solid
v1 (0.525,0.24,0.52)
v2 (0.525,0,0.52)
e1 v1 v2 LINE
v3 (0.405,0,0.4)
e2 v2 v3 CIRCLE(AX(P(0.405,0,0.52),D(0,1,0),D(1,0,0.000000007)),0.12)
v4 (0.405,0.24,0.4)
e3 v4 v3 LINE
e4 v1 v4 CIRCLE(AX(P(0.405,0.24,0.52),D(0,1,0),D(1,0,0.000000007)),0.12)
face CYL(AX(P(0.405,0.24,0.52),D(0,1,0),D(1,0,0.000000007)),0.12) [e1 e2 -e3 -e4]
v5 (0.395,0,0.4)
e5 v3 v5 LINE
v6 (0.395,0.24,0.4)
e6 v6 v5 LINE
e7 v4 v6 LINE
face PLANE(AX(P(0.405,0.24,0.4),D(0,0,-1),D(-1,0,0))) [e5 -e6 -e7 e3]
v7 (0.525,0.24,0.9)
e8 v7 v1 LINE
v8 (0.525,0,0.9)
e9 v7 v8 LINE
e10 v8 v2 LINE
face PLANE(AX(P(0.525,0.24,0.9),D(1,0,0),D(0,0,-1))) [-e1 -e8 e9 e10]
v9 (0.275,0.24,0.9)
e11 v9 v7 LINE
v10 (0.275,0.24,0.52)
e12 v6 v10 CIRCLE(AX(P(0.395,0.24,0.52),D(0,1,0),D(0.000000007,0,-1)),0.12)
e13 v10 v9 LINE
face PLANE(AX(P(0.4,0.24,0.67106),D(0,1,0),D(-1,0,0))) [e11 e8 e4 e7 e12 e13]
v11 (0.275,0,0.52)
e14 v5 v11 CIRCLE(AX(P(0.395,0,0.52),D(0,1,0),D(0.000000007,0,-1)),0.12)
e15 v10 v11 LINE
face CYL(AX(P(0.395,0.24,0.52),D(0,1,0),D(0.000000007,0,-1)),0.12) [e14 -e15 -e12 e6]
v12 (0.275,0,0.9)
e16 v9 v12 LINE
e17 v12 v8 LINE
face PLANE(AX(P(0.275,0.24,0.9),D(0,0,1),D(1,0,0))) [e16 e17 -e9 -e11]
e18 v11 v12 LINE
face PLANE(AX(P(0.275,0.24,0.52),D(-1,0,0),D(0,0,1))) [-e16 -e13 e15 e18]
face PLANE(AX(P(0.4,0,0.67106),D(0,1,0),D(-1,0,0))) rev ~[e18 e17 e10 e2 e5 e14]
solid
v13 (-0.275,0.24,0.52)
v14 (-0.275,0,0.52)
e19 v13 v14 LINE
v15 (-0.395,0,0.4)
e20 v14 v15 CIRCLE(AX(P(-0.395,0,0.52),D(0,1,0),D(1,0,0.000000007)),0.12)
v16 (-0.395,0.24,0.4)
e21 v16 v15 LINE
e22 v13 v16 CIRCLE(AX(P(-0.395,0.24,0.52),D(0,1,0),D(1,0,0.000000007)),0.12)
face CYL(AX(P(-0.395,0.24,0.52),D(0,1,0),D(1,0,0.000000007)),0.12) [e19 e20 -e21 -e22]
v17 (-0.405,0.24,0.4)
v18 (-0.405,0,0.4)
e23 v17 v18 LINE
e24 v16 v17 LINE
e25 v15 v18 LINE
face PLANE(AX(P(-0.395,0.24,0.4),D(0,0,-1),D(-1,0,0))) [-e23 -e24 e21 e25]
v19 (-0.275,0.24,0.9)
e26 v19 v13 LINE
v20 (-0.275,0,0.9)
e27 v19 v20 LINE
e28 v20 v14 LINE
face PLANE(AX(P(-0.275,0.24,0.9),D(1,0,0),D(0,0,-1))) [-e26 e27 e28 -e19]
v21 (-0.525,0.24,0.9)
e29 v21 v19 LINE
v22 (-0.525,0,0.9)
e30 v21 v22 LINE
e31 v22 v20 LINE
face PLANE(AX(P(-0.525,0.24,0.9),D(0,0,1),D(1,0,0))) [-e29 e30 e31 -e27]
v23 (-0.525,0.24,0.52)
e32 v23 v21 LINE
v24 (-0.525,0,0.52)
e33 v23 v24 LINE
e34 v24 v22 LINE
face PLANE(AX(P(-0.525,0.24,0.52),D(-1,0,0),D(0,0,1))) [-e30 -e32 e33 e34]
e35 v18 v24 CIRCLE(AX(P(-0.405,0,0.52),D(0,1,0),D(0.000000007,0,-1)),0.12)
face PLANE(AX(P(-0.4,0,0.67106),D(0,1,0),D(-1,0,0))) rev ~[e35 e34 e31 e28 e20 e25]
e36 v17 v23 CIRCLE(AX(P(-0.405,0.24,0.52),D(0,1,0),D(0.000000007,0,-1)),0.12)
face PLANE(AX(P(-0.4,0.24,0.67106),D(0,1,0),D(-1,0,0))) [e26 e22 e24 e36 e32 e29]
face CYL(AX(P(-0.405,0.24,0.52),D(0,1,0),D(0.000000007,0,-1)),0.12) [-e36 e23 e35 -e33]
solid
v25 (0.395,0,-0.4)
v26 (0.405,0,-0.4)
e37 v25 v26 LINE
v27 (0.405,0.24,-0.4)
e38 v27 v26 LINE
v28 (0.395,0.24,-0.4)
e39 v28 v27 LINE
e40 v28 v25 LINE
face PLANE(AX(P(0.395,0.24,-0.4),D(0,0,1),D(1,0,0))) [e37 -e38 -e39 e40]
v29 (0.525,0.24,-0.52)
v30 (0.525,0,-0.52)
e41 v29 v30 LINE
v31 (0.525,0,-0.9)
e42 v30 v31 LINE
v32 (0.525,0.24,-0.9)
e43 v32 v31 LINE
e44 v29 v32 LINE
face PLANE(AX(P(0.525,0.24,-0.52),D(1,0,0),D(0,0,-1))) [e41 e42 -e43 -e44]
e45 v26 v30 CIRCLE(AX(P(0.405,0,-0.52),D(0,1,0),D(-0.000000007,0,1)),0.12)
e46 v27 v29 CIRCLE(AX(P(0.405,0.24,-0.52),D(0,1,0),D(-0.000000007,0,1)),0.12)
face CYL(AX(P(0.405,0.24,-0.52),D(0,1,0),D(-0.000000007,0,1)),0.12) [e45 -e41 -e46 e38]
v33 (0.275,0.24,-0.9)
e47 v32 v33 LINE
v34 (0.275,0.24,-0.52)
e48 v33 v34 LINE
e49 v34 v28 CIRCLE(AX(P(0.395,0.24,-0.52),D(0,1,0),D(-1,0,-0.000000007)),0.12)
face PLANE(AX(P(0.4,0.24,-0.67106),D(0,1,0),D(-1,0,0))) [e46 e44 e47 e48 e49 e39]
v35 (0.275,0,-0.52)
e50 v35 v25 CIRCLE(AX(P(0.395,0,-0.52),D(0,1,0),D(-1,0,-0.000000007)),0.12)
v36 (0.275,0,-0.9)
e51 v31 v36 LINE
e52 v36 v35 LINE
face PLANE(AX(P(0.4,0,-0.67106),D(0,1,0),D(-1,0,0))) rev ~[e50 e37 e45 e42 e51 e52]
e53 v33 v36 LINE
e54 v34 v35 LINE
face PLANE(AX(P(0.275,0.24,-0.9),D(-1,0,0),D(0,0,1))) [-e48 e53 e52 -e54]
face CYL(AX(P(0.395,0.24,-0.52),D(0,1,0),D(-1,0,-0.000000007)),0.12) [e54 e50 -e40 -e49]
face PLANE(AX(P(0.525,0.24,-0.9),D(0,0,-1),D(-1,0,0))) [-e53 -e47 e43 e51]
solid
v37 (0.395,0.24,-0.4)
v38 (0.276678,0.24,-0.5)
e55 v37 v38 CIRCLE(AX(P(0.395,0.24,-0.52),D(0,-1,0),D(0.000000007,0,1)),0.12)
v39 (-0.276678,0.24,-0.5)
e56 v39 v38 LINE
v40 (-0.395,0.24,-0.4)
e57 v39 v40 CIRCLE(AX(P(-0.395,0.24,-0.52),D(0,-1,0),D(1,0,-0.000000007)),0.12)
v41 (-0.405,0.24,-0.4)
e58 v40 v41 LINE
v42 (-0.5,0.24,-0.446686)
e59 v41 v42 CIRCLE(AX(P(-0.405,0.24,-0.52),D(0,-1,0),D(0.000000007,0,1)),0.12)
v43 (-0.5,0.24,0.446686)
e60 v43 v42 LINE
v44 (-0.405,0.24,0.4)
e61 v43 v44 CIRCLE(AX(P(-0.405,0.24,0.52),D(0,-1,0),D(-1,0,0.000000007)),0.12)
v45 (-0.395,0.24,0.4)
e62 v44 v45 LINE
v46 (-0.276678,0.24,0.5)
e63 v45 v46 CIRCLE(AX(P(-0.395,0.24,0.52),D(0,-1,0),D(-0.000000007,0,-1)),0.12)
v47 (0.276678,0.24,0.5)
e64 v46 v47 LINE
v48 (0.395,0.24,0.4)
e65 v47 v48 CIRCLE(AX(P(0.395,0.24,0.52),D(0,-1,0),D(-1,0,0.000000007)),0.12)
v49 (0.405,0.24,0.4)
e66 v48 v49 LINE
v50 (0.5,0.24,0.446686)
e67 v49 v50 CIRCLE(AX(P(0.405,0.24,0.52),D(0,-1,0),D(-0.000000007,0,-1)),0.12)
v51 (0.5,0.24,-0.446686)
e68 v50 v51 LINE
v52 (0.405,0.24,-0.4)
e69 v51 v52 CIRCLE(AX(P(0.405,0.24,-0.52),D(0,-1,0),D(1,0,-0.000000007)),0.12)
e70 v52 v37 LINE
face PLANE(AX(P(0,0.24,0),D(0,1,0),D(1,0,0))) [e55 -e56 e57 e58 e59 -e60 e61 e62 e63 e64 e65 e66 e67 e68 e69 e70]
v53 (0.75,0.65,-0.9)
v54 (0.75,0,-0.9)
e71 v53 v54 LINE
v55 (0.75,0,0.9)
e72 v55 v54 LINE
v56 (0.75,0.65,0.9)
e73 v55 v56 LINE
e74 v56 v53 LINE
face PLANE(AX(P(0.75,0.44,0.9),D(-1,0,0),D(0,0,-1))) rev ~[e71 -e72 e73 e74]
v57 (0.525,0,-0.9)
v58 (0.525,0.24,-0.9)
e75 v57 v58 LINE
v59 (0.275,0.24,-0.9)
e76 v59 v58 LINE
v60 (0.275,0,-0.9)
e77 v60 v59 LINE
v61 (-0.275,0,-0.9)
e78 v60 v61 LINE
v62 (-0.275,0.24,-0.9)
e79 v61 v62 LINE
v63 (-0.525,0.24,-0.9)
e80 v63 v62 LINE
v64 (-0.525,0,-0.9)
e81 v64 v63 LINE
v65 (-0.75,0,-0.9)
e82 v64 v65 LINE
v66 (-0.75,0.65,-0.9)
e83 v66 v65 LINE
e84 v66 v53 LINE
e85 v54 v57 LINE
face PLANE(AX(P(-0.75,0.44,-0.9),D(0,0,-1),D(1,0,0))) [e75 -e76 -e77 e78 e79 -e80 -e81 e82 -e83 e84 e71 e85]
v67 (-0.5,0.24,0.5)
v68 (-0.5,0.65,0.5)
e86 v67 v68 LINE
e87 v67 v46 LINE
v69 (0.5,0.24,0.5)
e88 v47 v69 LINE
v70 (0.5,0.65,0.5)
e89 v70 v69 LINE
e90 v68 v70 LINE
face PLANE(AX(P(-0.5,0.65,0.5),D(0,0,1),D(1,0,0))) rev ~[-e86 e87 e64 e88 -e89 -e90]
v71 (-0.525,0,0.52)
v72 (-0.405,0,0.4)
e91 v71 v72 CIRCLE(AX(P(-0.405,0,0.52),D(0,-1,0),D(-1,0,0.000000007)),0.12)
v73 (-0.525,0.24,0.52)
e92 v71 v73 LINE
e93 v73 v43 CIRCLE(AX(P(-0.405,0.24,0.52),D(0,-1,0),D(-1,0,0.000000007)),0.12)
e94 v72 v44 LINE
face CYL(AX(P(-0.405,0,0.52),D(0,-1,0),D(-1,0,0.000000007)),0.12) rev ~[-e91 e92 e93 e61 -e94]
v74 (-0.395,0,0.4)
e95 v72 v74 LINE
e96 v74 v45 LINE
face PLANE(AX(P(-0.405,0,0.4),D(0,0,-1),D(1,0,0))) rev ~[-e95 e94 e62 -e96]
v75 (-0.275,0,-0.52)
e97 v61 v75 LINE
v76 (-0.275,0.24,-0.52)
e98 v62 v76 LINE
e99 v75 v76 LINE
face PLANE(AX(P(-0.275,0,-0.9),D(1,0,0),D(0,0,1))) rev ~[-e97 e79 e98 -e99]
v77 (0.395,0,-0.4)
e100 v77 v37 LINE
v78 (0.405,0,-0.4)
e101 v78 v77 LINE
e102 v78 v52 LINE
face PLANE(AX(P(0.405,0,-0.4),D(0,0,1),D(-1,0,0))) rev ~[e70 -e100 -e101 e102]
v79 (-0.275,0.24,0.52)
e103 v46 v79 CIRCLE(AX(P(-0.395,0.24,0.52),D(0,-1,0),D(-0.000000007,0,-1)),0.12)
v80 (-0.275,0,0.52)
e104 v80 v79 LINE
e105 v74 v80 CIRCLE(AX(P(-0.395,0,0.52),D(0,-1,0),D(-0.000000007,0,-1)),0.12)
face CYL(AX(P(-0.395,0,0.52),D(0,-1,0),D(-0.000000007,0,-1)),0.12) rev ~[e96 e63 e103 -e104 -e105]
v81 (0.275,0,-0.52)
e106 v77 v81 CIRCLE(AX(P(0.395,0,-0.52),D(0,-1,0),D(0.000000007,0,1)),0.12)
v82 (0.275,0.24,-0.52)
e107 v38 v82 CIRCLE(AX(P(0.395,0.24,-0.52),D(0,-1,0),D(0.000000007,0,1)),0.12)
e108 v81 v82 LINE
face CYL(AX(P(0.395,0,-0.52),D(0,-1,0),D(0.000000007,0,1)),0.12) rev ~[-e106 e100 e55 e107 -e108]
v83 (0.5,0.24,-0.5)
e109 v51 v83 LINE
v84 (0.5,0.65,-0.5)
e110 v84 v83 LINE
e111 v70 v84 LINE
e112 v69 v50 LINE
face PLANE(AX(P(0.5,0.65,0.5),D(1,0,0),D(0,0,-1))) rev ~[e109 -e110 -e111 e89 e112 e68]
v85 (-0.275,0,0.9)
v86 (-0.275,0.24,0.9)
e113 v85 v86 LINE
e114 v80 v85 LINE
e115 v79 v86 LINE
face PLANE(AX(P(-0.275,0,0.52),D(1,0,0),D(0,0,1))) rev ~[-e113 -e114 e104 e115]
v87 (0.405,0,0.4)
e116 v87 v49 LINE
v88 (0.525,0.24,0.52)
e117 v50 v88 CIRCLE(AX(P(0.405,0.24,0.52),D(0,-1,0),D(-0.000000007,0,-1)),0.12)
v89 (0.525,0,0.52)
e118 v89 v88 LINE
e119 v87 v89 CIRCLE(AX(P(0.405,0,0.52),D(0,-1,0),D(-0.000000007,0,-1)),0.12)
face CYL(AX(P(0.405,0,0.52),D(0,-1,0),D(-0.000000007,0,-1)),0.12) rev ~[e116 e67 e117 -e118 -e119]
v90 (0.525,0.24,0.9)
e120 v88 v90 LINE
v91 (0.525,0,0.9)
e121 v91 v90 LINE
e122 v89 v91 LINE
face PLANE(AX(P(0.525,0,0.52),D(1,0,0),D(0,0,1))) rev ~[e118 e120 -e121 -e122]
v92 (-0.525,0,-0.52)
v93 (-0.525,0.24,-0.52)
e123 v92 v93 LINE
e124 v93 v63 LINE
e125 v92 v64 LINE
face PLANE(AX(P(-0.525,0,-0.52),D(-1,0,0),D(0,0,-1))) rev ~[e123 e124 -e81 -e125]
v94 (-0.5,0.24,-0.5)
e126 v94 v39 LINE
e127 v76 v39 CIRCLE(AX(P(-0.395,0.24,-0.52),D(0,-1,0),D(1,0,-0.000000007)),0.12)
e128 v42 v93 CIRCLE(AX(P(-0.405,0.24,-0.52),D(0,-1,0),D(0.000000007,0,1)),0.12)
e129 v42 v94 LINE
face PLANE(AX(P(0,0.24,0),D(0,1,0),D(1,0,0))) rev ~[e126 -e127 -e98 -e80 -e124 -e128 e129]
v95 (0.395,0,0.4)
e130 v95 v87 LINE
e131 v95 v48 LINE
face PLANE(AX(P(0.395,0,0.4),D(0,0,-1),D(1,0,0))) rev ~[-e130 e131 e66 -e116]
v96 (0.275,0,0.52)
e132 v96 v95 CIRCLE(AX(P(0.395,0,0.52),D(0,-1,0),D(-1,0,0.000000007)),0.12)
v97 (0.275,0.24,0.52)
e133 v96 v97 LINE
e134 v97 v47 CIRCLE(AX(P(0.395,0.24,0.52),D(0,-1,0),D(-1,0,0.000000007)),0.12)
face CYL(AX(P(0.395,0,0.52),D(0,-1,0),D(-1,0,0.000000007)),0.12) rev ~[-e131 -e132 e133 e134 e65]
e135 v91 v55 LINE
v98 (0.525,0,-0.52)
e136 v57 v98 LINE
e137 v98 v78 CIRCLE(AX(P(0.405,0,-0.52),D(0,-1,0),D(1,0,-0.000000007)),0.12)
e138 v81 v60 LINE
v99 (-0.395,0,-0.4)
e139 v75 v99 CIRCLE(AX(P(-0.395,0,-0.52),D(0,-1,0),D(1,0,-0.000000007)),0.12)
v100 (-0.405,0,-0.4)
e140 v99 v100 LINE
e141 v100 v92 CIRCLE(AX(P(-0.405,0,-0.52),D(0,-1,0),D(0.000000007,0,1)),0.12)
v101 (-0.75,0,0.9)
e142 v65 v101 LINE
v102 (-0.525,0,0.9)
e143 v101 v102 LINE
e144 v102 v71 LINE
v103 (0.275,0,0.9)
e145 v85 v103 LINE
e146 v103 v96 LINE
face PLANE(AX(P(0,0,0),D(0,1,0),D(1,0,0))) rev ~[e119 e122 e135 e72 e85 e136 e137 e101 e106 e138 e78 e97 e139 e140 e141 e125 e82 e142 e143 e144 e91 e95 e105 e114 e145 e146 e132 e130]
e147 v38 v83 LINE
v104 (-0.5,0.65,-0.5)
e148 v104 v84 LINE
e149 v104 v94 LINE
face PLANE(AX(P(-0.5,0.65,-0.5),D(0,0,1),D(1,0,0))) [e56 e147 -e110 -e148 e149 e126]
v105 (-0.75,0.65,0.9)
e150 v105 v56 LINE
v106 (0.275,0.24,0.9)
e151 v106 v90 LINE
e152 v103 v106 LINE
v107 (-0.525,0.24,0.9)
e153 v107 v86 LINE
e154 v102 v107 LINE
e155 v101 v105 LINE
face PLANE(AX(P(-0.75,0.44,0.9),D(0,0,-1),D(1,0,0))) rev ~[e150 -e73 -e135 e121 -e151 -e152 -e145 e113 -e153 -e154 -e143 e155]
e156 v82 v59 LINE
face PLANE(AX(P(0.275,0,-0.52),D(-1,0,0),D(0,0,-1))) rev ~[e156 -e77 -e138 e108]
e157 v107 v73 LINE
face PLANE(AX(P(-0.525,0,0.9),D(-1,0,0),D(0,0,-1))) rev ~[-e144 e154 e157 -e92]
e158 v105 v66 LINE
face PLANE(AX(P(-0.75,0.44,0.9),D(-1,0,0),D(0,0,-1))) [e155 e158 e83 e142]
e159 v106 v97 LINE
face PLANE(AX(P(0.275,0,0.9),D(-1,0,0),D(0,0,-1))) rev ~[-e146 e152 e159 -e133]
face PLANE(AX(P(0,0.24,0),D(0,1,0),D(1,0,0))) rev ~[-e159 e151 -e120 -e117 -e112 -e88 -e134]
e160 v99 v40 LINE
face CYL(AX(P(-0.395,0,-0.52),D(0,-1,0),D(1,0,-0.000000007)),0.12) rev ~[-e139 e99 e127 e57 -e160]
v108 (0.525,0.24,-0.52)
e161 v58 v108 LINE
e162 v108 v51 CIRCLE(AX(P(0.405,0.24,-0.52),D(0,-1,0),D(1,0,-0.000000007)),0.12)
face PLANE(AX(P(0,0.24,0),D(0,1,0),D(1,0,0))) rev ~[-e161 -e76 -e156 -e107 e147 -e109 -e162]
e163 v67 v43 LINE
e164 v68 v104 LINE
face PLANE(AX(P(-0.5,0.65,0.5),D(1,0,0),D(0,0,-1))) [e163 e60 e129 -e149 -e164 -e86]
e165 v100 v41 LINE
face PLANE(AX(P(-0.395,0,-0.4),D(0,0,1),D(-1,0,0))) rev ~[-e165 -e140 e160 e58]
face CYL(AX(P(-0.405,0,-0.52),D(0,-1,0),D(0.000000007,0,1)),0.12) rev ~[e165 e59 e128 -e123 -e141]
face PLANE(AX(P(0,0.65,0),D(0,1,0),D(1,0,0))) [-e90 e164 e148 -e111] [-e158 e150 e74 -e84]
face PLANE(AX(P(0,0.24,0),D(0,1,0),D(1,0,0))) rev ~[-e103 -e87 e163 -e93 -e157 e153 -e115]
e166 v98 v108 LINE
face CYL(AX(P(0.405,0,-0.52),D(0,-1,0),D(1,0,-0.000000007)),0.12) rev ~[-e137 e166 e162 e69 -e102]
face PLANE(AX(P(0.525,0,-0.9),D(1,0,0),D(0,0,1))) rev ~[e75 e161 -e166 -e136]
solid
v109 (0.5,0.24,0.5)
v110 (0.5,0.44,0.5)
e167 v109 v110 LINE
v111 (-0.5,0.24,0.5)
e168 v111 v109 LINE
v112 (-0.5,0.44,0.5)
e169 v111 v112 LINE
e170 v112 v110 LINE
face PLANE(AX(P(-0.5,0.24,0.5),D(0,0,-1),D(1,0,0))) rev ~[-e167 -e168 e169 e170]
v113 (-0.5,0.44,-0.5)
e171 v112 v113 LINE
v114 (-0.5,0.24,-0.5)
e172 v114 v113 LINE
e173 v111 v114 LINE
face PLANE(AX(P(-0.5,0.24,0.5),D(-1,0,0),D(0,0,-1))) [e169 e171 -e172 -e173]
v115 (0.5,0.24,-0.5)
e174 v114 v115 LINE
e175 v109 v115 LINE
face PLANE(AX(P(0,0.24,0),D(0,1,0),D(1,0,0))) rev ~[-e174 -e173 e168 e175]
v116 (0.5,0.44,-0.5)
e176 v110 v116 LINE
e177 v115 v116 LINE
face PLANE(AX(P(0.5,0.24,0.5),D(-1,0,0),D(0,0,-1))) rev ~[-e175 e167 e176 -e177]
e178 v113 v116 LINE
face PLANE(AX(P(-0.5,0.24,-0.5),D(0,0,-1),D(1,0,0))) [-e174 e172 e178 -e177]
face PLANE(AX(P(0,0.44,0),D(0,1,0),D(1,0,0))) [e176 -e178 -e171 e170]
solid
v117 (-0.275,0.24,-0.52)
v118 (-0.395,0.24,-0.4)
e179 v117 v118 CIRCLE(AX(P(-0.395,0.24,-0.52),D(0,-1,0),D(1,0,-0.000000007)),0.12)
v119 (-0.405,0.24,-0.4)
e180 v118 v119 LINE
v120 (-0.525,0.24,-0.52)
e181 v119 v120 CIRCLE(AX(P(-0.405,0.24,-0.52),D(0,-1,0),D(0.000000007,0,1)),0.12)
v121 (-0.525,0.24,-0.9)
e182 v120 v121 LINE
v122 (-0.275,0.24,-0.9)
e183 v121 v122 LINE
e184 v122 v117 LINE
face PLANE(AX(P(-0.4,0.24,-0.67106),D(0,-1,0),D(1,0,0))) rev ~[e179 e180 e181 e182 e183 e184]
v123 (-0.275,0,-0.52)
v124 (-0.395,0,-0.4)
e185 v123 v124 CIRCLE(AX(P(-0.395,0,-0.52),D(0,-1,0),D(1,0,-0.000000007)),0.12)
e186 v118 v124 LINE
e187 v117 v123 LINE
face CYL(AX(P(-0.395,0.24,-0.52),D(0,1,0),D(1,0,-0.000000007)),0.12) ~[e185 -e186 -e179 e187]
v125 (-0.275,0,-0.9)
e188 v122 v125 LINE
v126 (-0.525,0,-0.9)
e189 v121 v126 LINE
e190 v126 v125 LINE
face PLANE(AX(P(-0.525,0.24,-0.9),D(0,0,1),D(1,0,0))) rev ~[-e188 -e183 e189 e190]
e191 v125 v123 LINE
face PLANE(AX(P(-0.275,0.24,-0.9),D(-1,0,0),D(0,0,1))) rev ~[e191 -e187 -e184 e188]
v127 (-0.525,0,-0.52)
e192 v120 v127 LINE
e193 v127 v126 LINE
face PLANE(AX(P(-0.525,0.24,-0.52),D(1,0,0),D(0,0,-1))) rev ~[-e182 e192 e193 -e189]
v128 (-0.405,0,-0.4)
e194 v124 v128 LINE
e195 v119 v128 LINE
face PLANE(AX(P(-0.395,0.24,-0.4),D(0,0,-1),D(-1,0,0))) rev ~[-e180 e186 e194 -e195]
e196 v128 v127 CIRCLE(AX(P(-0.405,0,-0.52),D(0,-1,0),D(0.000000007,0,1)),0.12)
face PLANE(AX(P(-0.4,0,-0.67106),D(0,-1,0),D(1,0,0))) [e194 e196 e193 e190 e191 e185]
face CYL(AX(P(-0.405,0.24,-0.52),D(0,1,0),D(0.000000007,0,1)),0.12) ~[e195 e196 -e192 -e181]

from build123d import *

# Parameters (mm, degrees)
BOSS_EXTRUDE1_DEPTH   = 0.24
SKETCH2_W             = 1
SKETCH2_H             = 1
BOSS_EXTRUDE2_DEPTH   = 0.2
SKETCH3_W             = 1.5
SKETCH3_H             = 1.8
SKETCH3_W_2           = 1
SKETCH3_H_2           = 1
BOSS_EXTRUDE3_DEPTH   = 0.2
SKETCH4_W             = 1.5
SKETCH4_H             = 1.8
BOSS_EXTRUDE4_DEPTH   = 0.21
BOSS_EXTRUDE5_DEPTH   = 0.24
BOSS_EXTRUDE5_2_DEPTH = 0.24
BOSS_EXTRUDE5_3_DEPTH = 0.24
BOSS_EXTRUDE5_4_DEPTH = 0.24
SKETCH6_W             = 1
SKETCH6_H             = 1
CUT_EXTRUDE4_DEPTH    = 0.21


with BuildPart() as part:
    # Sketch1 → Boss-Extrude1 (new body)
    with BuildSketch(Plane(origin=(0, 0, 0), x_dir=(1, 0, 0), z_dir=(0, 1, 0))):
        with BuildLine():
            Line((0.75, 0.9), (0.525, 0.9))
            Line((0.525, 0.9), (0.525, 0.52))
            ThreePointArc((0.525, 0.52), (0.489852814, 0.435147186), (0.405, 0.4))
            Line((0.405, 0.4), (0.395, 0.4))
            ThreePointArc((0.395, 0.4), (0.310147186, 0.435147186), (0.275, 0.52))
            Line((0.275, 0.52), (0.275, 0.9))
            Line((0.275, 0.9), (-0.275, 0.9))
            Line((-0.275, 0.9), (-0.275, 0.52))
            ThreePointArc((-0.275, 0.52), (-0.310147186, 0.435147186), (-0.395, 0.4))
            Line((-0.395, 0.4), (-0.405, 0.4))
            ThreePointArc((-0.405, 0.4), (-0.489852814, 0.435147186), (-0.525, 0.52))
            Line((-0.525, 0.52), (-0.525, 0.9))
            Line((-0.525, 0.9), (-0.75, 0.9))
            Line((-0.75, 0.9), (-0.75, -0.9))
            Line((-0.75, -0.9), (-0.525, -0.9))
            Line((-0.525, -0.9), (-0.525, -0.52))
            ThreePointArc((-0.525, -0.52), (-0.489852814, -0.435147186), (-0.405, -0.4))
            Line((-0.405, -0.4), (-0.395, -0.4))
            ThreePointArc((-0.395, -0.4), (-0.310147186, -0.435147186), (-0.275, -0.52))
            Line((-0.275, -0.52), (-0.275, -0.9))
            Line((-0.275, -0.9), (0.275, -0.9))
            Line((0.275, -0.9), (0.275, -0.52))
            ThreePointArc((0.275, -0.52), (0.310147186, -0.435147186), (0.395, -0.4))
            Line((0.395, -0.4), (0.405, -0.4))
            ThreePointArc((0.405, -0.4), (0.489852814, -0.435147186), (0.525, -0.52))
            Line((0.525, -0.52), (0.525, -0.9))
            Line((0.525, -0.9), (0.75, -0.9))
            Line((0.75, -0.9), (0.75, 0.9))
        make_face()
    extrude(amount=BOSS_EXTRUDE1_DEPTH)

    # Sketch3 → Boss-Extrude3 (add)
    with BuildSketch(Plane(origin=(0, 0.24, 0), x_dir=(1, 0, 0), z_dir=(0, 1, 0))):
        Rectangle(SKETCH3_W, SKETCH3_H)
        Rectangle(SKETCH3_W_2, SKETCH3_H_2, mode=Mode.SUBTRACT)
    extrude(amount=BOSS_EXTRUDE3_DEPTH)

    # Sketch4 → Boss-Extrude4 (add)
    with BuildSketch(Plane(origin=(0, 0.44, 0), x_dir=(1, 0, 0), z_dir=(0, 1, 0))):
        Rectangle(SKETCH4_W, SKETCH4_H)
    extrude(amount=BOSS_EXTRUDE4_DEPTH)

    # Sketch6 → Cut-Extrude4 (cut)
    with BuildSketch(Plane(origin=(0, 0.65, 0), x_dir=(1, 0, 0), z_dir=(0, 1, 0))):
        Rectangle(SKETCH6_W, SKETCH6_H)
    extrude(amount=-CUT_EXTRUDE4_DEPTH, mode=Mode.SUBTRACT)


with BuildPart() as body_2:
    # Sketch2 → Boss-Extrude2 (new body)
    with BuildSketch(Plane(origin=(0, 0.24, 0), x_dir=(1, 0, 0), z_dir=(0, 1, 0))):
        Rectangle(SKETCH2_W, SKETCH2_H)
    extrude(amount=BOSS_EXTRUDE2_DEPTH)


with BuildPart() as body_3:
    # Sketch5 → Boss-Extrude5 (new body)
    with BuildSketch(Plane.XZ.offset(-0.24)):
        with BuildLine():
            Line((0.525, -0.9), (0.275, -0.9))
            Line((0.275, -0.9), (0.275, -0.52))
            ThreePointArc((0.275, -0.52), (0.310147186, -0.435147186), (0.395, -0.4))
            Line((0.395, -0.4), (0.405, -0.4))
            ThreePointArc((0.405, -0.4), (0.489852814, -0.435147186), (0.525, -0.52))
            Line((0.525, -0.52), (0.525, -0.9))
        make_face()
    extrude(amount=BOSS_EXTRUDE5_DEPTH)


with BuildPart() as body_4:
    # Sketch5 → Boss-Extrude5 2 (new body)
    with BuildSketch(Plane.XZ.offset(-0.24)):
        with BuildLine():
            Line((-0.395, -0.4), (-0.405, -0.4))
            ThreePointArc((-0.405, -0.4), (-0.489852814, -0.435147186), (-0.525, -0.52))
            Line((-0.525, -0.52), (-0.525, -0.9))
            Line((-0.525, -0.9), (-0.275, -0.9))
            Line((-0.275, -0.9), (-0.275, -0.52))
            ThreePointArc((-0.275, -0.52), (-0.310147186, -0.435147186), (-0.395, -0.4))
        make_face()
    extrude(amount=BOSS_EXTRUDE5_2_DEPTH)


with BuildPart() as body_5:
    # Sketch5 → Boss-Extrude5 3 (new body)
    with BuildSketch(Plane.XZ.offset(-0.24)):
        with BuildLine():
            Line((-0.525, 0.9), (-0.275, 0.9))
            Line((-0.275, 0.9), (-0.275, 0.52))
            ThreePointArc((-0.275, 0.52), (-0.310147186, 0.435147186), (-0.395, 0.4))
            Line((-0.395, 0.4), (-0.405, 0.4))
            ThreePointArc((-0.405, 0.4), (-0.489852814, 0.435147186), (-0.525, 0.52))
            Line((-0.525, 0.52), (-0.525, 0.9))
        make_face()
    extrude(amount=BOSS_EXTRUDE5_3_DEPTH)


with BuildPart() as body_6:
    # Sketch5 → Boss-Extrude5 4 (new body)
    with BuildSketch(Plane.XZ.offset(-0.24)):
        with BuildLine():
            Line((0.275, 0.9), (0.525, 0.9))
            Line((0.525, 0.9), (0.525, 0.52))
            ThreePointArc((0.525, 0.52), (0.489852814, 0.435147186), (0.405, 0.4))
            Line((0.405, 0.4), (0.395, 0.4))
            ThreePointArc((0.395, 0.4), (0.310147186, 0.435147186), (0.275, 0.52))
            Line((0.275, 0.52), (0.275, 0.9))
        make_face()
    extrude(amount=BOSS_EXTRUDE5_4_DEPTH)


solid = Compound([part.part, body_2.part, body_3.part, body_4.part, body_5.part, body_6.part])
